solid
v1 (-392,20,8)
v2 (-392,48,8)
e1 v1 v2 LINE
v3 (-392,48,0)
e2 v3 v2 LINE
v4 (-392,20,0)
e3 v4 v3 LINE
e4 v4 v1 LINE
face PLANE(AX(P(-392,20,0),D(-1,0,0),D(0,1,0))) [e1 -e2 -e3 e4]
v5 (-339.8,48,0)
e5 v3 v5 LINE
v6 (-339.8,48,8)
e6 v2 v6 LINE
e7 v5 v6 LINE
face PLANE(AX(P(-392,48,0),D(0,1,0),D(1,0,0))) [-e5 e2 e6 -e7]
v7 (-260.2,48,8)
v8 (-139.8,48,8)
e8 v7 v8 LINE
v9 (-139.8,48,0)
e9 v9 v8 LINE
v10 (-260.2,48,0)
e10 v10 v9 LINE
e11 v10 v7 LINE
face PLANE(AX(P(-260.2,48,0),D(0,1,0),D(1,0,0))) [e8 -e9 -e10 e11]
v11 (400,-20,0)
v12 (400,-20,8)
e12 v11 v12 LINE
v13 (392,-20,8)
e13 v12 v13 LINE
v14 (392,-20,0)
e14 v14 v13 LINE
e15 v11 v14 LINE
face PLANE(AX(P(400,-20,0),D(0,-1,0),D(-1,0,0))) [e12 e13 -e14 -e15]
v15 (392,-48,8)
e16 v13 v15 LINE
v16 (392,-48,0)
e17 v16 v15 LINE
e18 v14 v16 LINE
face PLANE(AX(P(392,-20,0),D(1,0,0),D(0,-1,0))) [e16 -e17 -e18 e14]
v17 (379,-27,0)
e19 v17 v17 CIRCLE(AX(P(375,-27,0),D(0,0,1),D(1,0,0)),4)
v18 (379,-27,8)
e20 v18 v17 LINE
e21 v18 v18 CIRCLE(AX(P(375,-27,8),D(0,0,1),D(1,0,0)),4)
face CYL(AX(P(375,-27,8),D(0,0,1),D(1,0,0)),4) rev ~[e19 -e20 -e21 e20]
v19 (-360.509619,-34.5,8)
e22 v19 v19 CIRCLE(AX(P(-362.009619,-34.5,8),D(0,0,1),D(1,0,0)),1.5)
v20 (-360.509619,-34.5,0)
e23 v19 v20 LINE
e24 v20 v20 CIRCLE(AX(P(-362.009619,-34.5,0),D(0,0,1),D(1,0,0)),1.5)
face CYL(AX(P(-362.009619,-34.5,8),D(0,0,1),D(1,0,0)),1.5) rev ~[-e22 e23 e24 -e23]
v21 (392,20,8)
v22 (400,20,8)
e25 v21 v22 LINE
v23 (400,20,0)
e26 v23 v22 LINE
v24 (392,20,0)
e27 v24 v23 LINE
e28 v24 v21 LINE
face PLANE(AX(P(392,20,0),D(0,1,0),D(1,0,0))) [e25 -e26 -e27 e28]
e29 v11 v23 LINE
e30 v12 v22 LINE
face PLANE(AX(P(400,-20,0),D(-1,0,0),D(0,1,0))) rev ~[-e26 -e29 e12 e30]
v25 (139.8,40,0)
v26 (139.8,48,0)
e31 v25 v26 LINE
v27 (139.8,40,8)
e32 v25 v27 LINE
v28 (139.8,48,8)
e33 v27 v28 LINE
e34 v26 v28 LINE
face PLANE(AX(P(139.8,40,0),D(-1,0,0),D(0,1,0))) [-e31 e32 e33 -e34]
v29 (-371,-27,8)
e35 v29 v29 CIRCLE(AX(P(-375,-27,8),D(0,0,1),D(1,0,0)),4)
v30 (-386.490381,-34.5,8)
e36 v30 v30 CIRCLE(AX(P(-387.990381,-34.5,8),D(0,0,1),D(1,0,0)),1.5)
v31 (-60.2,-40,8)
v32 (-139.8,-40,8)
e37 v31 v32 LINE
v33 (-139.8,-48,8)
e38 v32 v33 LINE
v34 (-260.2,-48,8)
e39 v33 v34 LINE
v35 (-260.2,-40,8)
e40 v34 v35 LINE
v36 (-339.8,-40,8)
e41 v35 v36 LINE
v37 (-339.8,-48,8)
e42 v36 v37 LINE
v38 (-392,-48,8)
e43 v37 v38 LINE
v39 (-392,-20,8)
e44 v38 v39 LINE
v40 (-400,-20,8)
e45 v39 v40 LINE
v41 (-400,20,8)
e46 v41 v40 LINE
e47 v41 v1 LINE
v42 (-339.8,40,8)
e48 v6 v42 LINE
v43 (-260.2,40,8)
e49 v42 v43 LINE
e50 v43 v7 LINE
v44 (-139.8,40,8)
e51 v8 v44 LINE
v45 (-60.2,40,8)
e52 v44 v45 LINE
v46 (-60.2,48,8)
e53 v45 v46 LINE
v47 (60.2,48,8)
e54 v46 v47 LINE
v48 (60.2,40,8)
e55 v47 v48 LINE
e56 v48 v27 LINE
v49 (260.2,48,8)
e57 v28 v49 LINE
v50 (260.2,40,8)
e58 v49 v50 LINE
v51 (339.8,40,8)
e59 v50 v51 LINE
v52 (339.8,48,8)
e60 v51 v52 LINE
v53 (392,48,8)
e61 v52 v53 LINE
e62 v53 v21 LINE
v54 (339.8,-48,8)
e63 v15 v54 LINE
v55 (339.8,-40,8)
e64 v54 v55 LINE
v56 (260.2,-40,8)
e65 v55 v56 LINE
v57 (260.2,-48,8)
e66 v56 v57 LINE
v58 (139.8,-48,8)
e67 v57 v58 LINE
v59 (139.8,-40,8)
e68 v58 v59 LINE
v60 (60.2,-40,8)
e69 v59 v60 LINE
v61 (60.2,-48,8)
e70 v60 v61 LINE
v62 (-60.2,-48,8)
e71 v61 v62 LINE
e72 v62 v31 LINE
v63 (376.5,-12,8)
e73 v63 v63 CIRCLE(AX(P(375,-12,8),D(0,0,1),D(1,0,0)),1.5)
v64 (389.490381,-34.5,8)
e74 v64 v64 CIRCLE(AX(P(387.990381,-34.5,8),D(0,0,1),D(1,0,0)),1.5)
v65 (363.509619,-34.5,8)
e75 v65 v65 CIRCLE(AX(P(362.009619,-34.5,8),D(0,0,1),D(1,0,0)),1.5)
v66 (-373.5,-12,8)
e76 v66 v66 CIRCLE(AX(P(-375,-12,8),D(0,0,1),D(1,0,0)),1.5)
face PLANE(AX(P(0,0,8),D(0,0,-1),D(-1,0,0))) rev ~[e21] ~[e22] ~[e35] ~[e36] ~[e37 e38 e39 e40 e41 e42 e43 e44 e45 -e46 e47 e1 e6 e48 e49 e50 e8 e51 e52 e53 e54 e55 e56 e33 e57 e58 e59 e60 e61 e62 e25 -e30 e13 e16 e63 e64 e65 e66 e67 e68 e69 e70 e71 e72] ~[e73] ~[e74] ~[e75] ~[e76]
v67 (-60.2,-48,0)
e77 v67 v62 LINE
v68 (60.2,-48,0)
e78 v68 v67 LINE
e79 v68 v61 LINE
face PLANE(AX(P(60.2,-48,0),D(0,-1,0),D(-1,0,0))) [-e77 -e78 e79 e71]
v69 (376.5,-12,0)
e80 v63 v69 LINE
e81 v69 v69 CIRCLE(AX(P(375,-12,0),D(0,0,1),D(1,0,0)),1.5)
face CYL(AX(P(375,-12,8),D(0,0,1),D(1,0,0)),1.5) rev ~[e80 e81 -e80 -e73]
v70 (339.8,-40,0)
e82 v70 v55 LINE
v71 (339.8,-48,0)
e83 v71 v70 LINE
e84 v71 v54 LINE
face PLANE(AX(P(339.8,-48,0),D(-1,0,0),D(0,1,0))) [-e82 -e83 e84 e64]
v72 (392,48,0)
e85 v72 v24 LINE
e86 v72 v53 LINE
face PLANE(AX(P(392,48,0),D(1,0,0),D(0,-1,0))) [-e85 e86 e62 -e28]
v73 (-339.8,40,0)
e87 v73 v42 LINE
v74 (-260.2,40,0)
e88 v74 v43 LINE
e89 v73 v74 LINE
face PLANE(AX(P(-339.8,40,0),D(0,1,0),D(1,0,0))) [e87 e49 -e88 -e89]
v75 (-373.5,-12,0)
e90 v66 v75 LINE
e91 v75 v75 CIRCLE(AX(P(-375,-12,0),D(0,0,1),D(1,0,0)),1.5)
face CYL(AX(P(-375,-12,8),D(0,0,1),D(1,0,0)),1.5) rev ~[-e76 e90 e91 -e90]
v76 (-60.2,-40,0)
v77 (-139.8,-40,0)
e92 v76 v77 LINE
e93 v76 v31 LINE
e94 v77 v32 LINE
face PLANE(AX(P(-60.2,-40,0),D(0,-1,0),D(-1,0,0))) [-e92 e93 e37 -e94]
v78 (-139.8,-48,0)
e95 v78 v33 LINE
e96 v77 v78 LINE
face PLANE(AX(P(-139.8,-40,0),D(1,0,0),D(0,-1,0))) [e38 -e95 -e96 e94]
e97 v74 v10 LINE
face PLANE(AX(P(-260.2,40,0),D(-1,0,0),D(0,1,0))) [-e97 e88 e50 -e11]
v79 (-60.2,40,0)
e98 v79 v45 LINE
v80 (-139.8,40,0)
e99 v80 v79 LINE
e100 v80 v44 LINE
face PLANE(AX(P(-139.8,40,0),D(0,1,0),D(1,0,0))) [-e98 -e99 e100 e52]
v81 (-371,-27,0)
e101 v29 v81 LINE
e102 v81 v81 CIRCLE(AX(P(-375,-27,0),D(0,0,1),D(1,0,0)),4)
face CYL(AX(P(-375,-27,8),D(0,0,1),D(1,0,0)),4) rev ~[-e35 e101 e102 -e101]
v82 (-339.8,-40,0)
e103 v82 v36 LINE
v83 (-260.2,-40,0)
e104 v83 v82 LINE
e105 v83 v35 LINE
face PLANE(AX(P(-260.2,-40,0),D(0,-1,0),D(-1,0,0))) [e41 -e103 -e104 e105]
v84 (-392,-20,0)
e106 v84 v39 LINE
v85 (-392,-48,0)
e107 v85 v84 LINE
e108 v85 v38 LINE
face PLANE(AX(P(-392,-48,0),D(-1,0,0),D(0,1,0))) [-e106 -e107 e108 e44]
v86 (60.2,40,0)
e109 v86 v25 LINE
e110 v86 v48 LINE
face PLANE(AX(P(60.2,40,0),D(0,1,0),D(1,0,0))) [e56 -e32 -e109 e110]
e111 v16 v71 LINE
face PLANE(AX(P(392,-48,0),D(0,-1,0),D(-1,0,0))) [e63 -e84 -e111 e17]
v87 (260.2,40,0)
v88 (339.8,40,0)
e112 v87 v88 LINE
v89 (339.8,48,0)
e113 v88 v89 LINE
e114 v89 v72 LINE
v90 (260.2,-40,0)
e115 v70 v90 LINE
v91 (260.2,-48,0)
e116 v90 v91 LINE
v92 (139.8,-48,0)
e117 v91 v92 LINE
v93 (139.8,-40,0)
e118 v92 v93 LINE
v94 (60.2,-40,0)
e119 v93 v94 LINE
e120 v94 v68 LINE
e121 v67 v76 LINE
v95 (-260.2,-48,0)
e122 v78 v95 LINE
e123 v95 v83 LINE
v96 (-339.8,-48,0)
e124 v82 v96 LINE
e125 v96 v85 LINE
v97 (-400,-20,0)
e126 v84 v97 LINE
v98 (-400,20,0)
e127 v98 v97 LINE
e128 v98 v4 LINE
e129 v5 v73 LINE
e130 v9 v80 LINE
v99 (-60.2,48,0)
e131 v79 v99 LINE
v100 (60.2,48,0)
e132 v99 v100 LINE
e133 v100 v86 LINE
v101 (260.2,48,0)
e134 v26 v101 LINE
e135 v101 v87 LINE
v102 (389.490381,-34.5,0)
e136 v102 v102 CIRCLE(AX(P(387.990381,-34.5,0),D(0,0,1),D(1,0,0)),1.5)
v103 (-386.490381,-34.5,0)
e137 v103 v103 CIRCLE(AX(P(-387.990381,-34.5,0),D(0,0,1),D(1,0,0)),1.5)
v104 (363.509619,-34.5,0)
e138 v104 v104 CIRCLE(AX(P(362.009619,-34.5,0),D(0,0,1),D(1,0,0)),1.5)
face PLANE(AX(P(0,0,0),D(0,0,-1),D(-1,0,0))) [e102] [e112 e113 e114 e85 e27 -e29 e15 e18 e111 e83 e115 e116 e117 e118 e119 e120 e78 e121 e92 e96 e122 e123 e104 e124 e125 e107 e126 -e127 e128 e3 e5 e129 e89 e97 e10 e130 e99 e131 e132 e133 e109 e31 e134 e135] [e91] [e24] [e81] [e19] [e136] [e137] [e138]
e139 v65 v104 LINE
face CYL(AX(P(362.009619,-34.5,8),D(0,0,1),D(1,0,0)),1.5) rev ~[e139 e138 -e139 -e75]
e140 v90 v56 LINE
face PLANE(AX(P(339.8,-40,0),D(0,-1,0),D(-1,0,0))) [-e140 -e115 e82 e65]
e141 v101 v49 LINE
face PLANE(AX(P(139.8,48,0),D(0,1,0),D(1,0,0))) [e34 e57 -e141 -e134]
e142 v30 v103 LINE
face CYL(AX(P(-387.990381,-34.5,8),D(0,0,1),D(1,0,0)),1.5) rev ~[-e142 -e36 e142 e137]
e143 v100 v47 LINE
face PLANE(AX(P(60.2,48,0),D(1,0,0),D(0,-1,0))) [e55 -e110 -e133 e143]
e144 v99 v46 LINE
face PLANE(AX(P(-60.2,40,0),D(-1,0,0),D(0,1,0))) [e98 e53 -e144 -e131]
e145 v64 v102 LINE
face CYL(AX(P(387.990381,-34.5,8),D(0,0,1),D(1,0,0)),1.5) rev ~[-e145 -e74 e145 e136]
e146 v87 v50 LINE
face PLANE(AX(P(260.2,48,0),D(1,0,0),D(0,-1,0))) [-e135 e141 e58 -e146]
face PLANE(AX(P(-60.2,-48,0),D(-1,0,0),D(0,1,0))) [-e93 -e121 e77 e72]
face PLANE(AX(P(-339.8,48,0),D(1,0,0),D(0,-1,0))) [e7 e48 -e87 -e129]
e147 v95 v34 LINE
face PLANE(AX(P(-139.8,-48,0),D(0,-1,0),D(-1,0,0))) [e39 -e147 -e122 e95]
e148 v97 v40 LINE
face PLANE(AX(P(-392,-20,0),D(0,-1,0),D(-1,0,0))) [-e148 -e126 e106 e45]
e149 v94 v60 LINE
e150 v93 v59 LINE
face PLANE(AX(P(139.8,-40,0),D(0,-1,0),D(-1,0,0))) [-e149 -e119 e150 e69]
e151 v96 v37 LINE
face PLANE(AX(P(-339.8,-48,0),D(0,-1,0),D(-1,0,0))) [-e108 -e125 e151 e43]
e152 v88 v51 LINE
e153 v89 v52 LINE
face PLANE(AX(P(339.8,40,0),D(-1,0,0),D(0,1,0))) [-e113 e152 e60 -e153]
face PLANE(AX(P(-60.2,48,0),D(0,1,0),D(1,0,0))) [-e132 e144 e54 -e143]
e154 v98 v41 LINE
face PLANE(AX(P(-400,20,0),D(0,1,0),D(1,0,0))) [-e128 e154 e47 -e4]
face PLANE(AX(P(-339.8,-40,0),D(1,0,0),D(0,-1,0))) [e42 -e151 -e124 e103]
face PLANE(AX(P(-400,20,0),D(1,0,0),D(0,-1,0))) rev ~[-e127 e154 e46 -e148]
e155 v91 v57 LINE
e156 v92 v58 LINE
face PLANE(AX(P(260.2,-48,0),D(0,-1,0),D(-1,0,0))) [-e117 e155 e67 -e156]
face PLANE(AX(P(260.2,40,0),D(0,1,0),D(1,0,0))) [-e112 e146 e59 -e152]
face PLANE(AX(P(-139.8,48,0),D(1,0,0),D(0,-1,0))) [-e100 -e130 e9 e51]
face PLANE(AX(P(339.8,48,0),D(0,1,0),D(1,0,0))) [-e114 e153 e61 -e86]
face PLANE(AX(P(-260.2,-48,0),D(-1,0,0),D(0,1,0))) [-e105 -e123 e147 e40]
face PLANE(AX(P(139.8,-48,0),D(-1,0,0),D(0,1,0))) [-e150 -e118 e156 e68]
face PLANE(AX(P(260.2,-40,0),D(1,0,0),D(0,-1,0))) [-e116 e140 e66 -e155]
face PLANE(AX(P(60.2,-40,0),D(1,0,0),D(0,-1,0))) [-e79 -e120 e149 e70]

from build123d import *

# Parameters (mm, degrees)
BOSS_EXTRUDE1_DEPTH = 8
SKETCH2_R           = 4
SKETCH2_R_2         = 1.5
CUT_EXTRUDE1_DEPTH  = 10


with BuildPart() as part:
    # Sketch1 → Boss-Extrude1 (new body)
    with BuildSketch(Plane.XY):
        Polygon((392, -20), (392, -48), (339.8, -48), (339.8, -40), (260.2, -40), (260.2, -48), (139.8, -48), (139.8, -40), (60.2, -40), (60.2, -48), (-60.2, -48), (-60.2, -40), (-139.8, -40), (-139.8, -48), (-260.2, -48), (-260.2, -40), (-339.8, -40), (-339.8, -48), (-392, -48), (-392, -20), (-400, -20), (-400, 19.8), (-400, 20), (-392, 20), (-392, 48), (-339.8, 48), (-339.8, 40), (-260.2, 40), (-260.2, 48), (-139.8, 48), (-139.8, 40), (-60.2, 40), (-60.2, 48), (60.2, 48), (60.2, 40), (139.8, 40), (139.8, 48), (260.2, 48), (260.2, 40), (339.8, 40), (339.8, 48), (392, 48), (392, 20), (400, 20), (400, 19.8), (400, -20), align=None)
    extrude(amount=BOSS_EXTRUDE1_DEPTH)

    # Sketch2 → Cut-Extrude1 (cut)
    with BuildSketch(Plane.XY.offset(8)):
        with Locations((-375, -27)):
            Circle(SKETCH2_R)
        with Locations((375, -27)):
            Circle(SKETCH2_R)
        with Locations((-375, -12)):
            Circle(SKETCH2_R_2)
        with Locations((375, -12)):
            Circle(SKETCH2_R_2)
        with Locations((-362.009618943, -34.5)):
            Circle(SKETCH2_R_2)
        with Locations((-387.990381057, -34.5)):
            Circle(SKETCH2_R_2)
        with Locations((387.990381057, -34.5)):
            Circle(SKETCH2_R_2)
        with Locations((362.009618943, -34.5)):
            Circle(SKETCH2_R_2)
    extrude(amount=-CUT_EXTRUDE1_DEPTH, mode=Mode.SUBTRACT)


solid = part.part
